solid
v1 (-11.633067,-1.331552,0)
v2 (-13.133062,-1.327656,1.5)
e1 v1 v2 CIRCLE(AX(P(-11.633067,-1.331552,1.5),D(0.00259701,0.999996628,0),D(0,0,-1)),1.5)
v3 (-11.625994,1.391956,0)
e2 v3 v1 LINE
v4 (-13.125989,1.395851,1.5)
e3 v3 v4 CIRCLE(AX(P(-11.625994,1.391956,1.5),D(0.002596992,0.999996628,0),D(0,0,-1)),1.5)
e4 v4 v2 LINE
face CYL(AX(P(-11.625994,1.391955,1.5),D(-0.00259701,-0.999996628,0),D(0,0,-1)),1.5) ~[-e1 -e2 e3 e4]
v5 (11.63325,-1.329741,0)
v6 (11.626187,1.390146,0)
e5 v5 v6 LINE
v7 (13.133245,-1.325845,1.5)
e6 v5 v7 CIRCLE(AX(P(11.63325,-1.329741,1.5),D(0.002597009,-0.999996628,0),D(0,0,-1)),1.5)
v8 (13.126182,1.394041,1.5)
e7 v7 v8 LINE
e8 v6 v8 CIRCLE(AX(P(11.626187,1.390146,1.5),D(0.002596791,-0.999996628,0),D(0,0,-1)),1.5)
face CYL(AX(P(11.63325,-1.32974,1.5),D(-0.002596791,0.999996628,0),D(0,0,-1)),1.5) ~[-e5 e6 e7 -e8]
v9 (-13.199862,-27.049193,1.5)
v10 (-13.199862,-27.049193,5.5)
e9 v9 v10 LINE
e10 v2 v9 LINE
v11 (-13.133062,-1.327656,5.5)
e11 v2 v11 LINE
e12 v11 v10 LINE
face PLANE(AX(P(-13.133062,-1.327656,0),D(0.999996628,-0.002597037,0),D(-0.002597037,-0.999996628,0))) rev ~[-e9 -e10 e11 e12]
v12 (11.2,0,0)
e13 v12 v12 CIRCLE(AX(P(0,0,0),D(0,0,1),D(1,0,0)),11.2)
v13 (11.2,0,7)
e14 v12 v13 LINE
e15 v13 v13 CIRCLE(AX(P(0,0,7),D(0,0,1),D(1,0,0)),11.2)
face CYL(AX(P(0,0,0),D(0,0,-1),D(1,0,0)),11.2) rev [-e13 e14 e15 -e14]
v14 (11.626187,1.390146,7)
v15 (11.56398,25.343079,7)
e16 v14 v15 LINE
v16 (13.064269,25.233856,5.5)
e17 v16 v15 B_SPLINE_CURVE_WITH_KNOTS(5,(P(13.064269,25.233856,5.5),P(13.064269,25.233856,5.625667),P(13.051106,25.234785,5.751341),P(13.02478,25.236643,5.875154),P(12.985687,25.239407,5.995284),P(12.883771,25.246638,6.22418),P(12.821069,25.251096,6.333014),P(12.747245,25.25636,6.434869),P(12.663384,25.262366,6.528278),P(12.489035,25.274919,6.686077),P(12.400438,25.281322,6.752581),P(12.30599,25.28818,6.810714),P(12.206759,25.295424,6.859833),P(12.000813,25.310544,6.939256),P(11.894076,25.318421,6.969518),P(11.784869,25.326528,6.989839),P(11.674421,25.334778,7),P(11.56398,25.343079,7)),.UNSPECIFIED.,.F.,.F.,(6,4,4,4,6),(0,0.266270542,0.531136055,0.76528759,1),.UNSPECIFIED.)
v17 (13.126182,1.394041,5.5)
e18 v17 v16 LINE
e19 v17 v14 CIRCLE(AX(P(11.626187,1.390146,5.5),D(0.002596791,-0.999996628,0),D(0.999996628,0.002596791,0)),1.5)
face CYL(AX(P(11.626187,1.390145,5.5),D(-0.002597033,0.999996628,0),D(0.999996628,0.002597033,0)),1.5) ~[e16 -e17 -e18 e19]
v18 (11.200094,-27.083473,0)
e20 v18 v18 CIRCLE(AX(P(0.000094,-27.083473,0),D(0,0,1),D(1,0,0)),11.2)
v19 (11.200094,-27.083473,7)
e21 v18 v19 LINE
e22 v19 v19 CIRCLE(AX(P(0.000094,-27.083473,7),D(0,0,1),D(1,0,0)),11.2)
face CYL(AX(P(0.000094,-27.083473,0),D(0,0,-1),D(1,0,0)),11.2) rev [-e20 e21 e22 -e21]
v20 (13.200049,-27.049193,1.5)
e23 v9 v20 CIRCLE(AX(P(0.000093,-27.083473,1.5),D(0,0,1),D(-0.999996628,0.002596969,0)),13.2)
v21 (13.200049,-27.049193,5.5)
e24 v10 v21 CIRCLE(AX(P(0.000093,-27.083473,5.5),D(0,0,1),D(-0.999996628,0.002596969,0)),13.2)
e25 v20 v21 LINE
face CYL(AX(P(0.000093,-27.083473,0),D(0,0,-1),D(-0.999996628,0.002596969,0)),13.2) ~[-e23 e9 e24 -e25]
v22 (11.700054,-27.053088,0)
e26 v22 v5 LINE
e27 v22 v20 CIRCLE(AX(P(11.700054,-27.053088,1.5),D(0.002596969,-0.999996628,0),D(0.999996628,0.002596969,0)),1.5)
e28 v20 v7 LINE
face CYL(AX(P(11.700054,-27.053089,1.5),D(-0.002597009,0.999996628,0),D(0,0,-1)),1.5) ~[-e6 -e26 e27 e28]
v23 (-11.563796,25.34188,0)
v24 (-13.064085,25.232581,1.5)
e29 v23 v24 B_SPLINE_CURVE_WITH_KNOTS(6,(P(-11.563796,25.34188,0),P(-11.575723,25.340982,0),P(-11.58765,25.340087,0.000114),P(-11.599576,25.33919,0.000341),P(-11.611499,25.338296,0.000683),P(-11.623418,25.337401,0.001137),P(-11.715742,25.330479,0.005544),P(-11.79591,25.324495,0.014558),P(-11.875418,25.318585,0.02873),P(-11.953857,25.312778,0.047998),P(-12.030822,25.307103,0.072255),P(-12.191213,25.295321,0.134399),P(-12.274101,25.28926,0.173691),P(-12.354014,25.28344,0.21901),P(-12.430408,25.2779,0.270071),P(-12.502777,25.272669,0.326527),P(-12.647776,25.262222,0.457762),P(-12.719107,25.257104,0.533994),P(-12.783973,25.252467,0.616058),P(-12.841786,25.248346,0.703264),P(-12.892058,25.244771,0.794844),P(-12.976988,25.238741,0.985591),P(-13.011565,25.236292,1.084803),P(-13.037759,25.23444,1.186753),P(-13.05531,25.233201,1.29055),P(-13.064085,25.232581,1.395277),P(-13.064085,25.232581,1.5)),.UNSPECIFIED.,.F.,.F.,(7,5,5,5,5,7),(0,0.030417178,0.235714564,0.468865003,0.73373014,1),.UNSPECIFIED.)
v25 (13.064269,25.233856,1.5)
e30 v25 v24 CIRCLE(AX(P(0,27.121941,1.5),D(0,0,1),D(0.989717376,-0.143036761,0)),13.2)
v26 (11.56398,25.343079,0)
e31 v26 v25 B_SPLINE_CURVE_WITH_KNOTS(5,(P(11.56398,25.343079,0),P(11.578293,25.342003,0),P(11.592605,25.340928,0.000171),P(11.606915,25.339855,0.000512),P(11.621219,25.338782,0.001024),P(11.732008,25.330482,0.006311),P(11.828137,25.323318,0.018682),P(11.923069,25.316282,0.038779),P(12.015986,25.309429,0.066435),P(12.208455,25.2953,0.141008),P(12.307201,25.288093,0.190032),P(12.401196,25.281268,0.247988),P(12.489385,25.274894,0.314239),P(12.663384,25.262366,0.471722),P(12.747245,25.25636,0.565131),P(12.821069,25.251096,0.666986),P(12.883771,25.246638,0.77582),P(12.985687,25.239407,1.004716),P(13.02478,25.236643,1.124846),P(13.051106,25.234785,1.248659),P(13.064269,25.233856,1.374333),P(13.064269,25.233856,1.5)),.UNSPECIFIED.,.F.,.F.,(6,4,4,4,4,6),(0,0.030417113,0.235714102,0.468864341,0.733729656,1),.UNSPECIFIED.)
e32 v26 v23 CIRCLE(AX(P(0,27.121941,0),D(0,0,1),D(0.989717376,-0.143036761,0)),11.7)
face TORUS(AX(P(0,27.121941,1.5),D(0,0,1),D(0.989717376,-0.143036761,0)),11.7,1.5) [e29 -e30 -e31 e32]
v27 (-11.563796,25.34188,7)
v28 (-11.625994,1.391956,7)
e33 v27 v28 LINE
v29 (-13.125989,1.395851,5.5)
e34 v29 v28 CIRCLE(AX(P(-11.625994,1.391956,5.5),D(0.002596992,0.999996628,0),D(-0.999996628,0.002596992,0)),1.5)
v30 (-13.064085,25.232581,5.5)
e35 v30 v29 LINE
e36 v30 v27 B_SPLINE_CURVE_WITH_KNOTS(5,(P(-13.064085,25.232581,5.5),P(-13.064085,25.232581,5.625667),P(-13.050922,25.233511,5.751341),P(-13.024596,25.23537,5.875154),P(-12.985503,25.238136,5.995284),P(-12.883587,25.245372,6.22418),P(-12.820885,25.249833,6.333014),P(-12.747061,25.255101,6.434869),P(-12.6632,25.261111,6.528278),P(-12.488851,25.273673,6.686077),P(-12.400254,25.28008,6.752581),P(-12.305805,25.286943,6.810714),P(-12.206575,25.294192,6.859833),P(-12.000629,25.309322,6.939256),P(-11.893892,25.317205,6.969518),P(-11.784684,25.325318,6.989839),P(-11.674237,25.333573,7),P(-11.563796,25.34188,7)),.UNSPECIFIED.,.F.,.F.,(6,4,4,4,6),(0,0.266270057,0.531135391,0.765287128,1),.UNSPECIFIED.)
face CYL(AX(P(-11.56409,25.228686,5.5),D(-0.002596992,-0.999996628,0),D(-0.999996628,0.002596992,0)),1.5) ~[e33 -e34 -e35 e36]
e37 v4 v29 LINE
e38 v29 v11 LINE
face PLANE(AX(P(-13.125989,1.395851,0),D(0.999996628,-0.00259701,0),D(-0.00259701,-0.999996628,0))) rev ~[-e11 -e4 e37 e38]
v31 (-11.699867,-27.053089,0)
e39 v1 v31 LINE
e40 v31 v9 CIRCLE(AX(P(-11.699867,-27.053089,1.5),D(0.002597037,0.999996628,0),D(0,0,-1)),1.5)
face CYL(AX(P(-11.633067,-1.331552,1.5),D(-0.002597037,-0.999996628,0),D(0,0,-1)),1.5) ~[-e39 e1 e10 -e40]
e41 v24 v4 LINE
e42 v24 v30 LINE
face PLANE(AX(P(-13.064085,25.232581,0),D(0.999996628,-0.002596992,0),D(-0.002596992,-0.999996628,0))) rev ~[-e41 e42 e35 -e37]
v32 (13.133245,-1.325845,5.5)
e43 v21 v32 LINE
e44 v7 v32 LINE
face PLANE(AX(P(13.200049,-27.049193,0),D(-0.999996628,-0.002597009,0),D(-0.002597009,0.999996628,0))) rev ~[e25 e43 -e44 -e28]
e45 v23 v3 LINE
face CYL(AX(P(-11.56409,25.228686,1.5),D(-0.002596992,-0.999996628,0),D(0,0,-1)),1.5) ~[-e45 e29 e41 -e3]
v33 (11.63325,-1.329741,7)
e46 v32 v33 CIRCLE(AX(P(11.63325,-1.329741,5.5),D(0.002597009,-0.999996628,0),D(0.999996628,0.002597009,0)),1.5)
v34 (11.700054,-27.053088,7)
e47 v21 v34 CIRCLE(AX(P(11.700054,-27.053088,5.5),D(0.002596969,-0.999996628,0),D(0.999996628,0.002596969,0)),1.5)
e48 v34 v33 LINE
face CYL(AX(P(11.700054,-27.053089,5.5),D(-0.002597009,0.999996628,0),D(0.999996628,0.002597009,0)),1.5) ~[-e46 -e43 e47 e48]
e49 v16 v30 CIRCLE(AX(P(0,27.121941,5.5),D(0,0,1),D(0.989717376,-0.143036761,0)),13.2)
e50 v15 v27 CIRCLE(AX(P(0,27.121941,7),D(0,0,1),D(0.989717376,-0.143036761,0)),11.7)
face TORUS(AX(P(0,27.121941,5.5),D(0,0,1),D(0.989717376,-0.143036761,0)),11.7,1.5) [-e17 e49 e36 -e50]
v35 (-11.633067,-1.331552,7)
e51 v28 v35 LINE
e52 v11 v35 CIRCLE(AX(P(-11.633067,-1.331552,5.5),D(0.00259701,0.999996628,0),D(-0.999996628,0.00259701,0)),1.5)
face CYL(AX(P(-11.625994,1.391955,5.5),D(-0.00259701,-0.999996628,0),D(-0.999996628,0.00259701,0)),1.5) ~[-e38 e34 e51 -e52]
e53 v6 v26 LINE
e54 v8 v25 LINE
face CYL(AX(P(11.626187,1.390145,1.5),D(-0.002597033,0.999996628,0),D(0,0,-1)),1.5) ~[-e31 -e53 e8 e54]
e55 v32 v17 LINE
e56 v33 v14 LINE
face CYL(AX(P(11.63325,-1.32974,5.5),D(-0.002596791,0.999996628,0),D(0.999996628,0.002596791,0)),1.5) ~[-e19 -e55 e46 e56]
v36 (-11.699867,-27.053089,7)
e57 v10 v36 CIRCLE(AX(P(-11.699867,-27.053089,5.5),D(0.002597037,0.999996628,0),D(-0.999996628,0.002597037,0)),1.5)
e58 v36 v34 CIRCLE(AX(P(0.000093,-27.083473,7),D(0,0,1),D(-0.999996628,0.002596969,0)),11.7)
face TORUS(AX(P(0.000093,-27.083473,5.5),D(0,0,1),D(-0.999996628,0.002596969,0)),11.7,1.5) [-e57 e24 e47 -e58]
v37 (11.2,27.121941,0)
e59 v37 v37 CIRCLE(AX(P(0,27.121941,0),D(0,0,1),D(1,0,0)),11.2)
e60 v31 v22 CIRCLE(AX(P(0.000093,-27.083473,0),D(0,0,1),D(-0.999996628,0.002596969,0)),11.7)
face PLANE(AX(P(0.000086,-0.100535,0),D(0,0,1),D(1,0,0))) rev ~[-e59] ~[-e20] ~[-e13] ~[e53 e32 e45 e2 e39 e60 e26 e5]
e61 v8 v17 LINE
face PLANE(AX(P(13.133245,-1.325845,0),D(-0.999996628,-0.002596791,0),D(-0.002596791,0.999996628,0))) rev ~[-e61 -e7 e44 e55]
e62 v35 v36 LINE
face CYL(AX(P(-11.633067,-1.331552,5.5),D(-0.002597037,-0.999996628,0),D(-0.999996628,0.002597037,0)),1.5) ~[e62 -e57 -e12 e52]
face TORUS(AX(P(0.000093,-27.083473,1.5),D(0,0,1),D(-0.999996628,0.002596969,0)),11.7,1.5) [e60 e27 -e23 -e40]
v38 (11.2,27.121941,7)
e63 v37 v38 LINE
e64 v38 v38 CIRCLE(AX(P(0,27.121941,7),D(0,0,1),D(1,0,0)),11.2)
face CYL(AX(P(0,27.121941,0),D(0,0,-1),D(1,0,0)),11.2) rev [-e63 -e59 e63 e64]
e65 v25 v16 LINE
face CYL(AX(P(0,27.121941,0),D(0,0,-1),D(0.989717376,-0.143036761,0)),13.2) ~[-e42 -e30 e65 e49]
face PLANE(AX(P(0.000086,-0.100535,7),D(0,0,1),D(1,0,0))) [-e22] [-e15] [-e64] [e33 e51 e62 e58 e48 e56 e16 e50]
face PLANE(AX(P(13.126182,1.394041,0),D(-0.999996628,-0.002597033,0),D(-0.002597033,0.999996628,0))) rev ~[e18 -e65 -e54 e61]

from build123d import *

# Parameters (mm, degrees)
F0_R     = 11.2
F2_DEPTH = 7
F3_R     = 1.5
F4_R     = 1.5


with BuildPart() as f2:
    # F0 (on Top) → F2 (new body)
    with BuildSketch(Plane.XY):
        with BuildLine():
            Line((13.200049, -27.049193), (13.133245, -1.325845))
            Line((13.133245, -1.325845), (13.126182, 1.394041))
            Line((13.126182, 1.394041), (13.064269, 25.233856))
            ThreePointArc((13.064269, 25.233856), (-0.000644, 40.321941), (-13.064085, 25.232581))
            Line((-13.064085, 25.232581), (-13.125989, 1.395851))
            Line((-13.125989, 1.395851), (-13.133062, -1.327656))
            Line((-13.133062, -1.327656), (-13.199862, -27.049193))
            ThreePointArc((-13.199862, -27.049193), (9.4e-05, -40.283473), (13.200049, -27.049193))
        make_face()
        Circle(F0_R, mode=Mode.SUBTRACT)
        with Locations((9.4e-05, -27.083473)):
            Circle(F0_R, mode=Mode.SUBTRACT)
        with Locations((0, 27.121941)):
            Circle(F0_R, mode=Mode.SUBTRACT)
    extrude(amount=F2_DEPTH)

    # F3
    f3_edges = [f2.edges().sort_by_distance(p)[0] for p in [
        (13.132159, -0.907668, 7),
        (9.4e-05, -40.283473, 7),
        (-13.131973, -0.908306, 7),
        (-0.000644, 40.321941, 7),
    ]]
    fillet(f3_edges, radius=F3_R)

    # F4
    f4_edges = [f2.edges().sort_by_distance(p)[0] for p in [
        (-0.000644, 40.321941, 0),
        (13.132159, -0.907668, 0),
        (-13.131973, -0.908306, 0),
        (9.4e-05, -40.283473, 0),
    ]]
    fillet(f4_edges, radius=F4_R)


solid = f2.part
